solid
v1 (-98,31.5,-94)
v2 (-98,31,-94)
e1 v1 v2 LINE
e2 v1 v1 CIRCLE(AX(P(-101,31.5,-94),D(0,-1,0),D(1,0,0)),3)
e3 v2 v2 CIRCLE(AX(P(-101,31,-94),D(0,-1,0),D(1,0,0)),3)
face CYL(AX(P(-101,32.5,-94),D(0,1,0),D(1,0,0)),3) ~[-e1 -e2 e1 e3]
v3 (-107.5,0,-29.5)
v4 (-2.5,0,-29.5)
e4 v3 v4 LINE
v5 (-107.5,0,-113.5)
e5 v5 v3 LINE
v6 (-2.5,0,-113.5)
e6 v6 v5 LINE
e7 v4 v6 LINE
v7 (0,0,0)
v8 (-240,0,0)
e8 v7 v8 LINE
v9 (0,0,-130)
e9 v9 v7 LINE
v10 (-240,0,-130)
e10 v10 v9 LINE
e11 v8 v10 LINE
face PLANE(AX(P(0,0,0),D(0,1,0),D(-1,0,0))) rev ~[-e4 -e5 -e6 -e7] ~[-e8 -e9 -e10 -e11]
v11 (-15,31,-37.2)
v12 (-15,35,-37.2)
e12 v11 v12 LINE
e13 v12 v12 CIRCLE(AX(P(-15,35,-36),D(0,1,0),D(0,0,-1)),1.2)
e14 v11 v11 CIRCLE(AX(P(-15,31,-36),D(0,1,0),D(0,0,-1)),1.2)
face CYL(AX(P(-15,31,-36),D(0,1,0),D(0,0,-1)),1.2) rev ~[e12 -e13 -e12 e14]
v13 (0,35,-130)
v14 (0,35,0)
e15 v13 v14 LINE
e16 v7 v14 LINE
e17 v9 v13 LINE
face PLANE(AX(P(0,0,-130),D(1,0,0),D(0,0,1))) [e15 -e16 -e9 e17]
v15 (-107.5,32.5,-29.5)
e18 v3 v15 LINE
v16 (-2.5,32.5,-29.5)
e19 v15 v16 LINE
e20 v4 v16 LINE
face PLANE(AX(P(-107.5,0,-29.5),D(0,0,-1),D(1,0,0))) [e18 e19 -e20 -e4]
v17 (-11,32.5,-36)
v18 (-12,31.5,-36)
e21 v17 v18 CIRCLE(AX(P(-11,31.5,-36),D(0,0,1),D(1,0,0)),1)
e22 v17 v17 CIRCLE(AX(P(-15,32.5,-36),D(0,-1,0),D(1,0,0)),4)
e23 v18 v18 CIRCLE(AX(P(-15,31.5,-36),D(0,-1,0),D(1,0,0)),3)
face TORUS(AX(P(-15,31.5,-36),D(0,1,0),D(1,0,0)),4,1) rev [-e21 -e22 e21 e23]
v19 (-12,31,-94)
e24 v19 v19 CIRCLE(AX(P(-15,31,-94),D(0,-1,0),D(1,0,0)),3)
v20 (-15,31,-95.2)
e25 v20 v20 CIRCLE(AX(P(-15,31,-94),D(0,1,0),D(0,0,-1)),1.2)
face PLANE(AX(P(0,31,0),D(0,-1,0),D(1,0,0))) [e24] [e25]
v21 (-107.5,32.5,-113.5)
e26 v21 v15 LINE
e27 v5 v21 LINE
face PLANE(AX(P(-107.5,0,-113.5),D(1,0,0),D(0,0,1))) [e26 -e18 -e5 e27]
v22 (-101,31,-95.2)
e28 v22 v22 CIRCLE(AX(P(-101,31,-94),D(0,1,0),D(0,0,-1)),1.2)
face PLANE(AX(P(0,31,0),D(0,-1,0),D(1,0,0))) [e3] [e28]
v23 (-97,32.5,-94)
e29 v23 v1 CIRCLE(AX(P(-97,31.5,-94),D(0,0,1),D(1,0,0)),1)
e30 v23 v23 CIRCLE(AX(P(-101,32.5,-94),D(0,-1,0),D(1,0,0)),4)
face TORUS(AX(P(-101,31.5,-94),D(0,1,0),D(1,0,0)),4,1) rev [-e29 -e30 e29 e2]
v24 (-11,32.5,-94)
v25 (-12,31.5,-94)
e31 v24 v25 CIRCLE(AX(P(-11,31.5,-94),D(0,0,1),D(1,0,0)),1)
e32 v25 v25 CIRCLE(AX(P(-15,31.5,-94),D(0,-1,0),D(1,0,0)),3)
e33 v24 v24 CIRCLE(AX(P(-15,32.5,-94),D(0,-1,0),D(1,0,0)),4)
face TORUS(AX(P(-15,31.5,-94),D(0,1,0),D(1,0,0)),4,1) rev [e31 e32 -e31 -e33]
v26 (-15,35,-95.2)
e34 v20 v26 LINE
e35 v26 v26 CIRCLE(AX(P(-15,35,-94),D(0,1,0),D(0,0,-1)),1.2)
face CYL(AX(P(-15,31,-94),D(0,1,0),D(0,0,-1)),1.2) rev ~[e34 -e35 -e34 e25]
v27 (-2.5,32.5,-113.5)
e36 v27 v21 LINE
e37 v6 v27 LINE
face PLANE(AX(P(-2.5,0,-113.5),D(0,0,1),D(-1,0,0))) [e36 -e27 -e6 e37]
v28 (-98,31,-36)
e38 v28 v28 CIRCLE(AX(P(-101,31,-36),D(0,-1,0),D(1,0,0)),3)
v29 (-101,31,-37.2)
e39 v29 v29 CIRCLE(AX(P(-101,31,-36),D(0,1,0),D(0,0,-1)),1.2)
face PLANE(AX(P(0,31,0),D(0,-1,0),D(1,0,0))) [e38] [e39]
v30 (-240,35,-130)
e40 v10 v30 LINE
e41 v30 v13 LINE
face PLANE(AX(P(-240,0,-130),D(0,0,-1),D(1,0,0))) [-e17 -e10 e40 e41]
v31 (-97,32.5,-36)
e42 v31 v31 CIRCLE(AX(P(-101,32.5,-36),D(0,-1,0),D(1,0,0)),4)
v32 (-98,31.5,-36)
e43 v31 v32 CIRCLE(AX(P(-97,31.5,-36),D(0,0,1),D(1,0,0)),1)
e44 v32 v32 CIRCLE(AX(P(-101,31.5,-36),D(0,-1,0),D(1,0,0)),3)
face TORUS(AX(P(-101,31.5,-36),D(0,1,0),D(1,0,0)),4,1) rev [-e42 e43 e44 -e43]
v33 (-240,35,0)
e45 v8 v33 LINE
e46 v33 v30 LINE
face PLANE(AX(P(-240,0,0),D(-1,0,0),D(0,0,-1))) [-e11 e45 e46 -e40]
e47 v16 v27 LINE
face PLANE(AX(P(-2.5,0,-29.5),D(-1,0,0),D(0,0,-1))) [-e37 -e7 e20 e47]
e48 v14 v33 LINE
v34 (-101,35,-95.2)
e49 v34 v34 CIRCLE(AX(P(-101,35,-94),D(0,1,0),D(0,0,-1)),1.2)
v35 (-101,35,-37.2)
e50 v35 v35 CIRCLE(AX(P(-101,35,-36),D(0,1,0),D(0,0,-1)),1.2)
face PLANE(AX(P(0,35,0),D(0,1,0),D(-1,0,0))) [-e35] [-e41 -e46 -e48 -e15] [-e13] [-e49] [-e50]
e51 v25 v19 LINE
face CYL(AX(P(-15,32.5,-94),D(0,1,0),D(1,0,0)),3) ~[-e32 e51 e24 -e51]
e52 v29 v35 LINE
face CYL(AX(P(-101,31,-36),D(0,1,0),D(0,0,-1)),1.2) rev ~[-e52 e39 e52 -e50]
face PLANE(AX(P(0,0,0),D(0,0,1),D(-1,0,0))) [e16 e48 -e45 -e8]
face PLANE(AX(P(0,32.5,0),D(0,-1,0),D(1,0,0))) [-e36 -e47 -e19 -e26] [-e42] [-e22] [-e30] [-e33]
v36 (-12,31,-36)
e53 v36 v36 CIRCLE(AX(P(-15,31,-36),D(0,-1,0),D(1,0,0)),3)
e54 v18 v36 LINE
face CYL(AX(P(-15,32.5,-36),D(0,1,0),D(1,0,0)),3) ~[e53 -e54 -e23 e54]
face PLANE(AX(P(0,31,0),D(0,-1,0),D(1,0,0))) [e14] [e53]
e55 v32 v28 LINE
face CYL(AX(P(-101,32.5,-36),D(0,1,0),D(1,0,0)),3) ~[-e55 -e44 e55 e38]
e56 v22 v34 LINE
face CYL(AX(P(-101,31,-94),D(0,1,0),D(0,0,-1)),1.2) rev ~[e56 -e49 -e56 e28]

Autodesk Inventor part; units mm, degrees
ref_plane "YZ Plane" through (0, 0, 0) normal (1, 0, 0) x (0, 1, 0)
ref_plane "XZ Plane" through (0, 0, 0) normal (0, 1, 0) x (-1, 0, 0)
ref_plane "XY Plane" through (0, 0, 0) normal (0, 0, 1) x (1, 0, 0)
sketch "Sketch1" plane through (0, 0, 0) normal (0, 1, 0) x (-1, 0, 0)
  line L0 (0, 0) -> (240, 0)
  line L1 (240, 0) -> (240, -130)
  line L2 (240, -130) -> (0, -130)
  line L3 (0, -130) -> (0, 0)
  dimension "d0" = 130
  dimension "d1" = 240
extrude "Extrusion1" add sketch "Sketch1" along normal blind 35
sketch "Sketch2" plane through (0, 0, 0) normal (0, -1, 0) x (1, 0, 0)
  line L0 (-5, -111) -> (-105, -111) construction
  line L1 (-105, -111) -> (-105, -32) construction
  line L2 (-105, -32) -> (-5, -32) construction
  line L3 (-5, -32) -> (-5, -111) construction
  line L4 (-15, -94) -> (-101, -94) construction
  line L5 (-101, -94) -> (-101, -36) construction
  line L6 (-101, -36) -> (-15, -36) construction
  line L7 (-15, -36) -> (-15, -94) construction
  line L8 (-103.25, -76.2) -> (-99.35, -76.2) construction
  line L9 (-99.35, -76.2) -> (-99.35, -53.8) construction
  line L10 (-99.35, -53.8) -> (-103.25, -53.8) construction
  line L11 (-103.25, -53.8) -> (-103.25, -76.2) construction
  line L12 (0, 0) -> (-240, 0) construction
  line L13 (-240, -130) -> (0, -130) construction
  line L14 (-2.5, -113.5) -> (-107.5, -113.5)
  line L15 (-107.5, -113.5) -> (-107.5, -29.5)
  line L16 (-107.5, -29.5) -> (-2.5, -29.5)
  line L17 (-2.5, -29.5) -> (-2.5, -113.5)
  line L18 (0, -130) -> (0, 0) projected
  dimension "d5" = 100
  dimension "d6" = 86
  dimension "d7" = 58
  dimension "d8" = 79
  dimension "d9" = 4
  dimension "d10" = 4
  dimension "d12" = 22.4
  dimension "d13" = 17.8
  dimension "d14" = 130
  dimension "d16" = 53.8
  dimension "d17" = 3.9
  dimension "d18" = 1.75
  dimension "d19" = 105
  dimension "d20" = 2.5
  dimension "d21" = 84
  dimension "d22" = 2.5
  dimension "d25" = 2.5
extrude "Extrusion2" cut sketch "Sketch2" against normal blind 32.5
sketch "Sketch3" plane through (0, 32.5, 0) normal (0, -1, 0) x (1, 0, 0)
  circle A0 centre (-15, -94) radius 3
  circle A1 centre (-101, -94) radius 3
  circle A2 centre (-15, -36) radius 3
  circle A3 centre (-101, -36) radius 3
  point P0 (0, 0)
  dimension "d26" = 6
  dimension "d27" = 6
  dimension "d28" = 6
  dimension "d29" = 6
extrude "Extrusion3" add sketch "Sketch3" along normal blind 1.5
fillet "Fillet1" radius 1 4 edges at (-18, 32.5, -94) (-104, 32.5, -94) (-18, 32.5, -36) (-104, 32.5, -36)
sketch "Sketch4" plane through (-15, 31, -94) normal (0, -1, 0) x (1, 0, 0)
  circle A0 centre (0, 0) radius 3 construction
  circle A1 centre (0, 58) radius 3 construction
  circle A2 centre (-86, 58) radius 3 construction
  circle A3 centre (-86, 0) radius 3 construction
  circle A4 centre (0, 0) radius 3 construction
  circle A5 centre (-86, 58) radius 4 construction
  point P0 (15, 94)
hole "Hole1" at (-15, 31, -94) at (-15, 31, -36) at (-101, 31, -36) at (-101, 31, -94) direction (0, 1, 0) diameter 2.4 depth 4
equation "\"d10\" = d9"
equation "\"d16\" = -0.5 * d12 + 0.5 * d14"
equation "\"d22\" = -0.5 * d8 + 0.5 * d21"
equation "\"d25\" = -0.5 * d5 + 0.5 * d19"
properties part number "Chassis"
